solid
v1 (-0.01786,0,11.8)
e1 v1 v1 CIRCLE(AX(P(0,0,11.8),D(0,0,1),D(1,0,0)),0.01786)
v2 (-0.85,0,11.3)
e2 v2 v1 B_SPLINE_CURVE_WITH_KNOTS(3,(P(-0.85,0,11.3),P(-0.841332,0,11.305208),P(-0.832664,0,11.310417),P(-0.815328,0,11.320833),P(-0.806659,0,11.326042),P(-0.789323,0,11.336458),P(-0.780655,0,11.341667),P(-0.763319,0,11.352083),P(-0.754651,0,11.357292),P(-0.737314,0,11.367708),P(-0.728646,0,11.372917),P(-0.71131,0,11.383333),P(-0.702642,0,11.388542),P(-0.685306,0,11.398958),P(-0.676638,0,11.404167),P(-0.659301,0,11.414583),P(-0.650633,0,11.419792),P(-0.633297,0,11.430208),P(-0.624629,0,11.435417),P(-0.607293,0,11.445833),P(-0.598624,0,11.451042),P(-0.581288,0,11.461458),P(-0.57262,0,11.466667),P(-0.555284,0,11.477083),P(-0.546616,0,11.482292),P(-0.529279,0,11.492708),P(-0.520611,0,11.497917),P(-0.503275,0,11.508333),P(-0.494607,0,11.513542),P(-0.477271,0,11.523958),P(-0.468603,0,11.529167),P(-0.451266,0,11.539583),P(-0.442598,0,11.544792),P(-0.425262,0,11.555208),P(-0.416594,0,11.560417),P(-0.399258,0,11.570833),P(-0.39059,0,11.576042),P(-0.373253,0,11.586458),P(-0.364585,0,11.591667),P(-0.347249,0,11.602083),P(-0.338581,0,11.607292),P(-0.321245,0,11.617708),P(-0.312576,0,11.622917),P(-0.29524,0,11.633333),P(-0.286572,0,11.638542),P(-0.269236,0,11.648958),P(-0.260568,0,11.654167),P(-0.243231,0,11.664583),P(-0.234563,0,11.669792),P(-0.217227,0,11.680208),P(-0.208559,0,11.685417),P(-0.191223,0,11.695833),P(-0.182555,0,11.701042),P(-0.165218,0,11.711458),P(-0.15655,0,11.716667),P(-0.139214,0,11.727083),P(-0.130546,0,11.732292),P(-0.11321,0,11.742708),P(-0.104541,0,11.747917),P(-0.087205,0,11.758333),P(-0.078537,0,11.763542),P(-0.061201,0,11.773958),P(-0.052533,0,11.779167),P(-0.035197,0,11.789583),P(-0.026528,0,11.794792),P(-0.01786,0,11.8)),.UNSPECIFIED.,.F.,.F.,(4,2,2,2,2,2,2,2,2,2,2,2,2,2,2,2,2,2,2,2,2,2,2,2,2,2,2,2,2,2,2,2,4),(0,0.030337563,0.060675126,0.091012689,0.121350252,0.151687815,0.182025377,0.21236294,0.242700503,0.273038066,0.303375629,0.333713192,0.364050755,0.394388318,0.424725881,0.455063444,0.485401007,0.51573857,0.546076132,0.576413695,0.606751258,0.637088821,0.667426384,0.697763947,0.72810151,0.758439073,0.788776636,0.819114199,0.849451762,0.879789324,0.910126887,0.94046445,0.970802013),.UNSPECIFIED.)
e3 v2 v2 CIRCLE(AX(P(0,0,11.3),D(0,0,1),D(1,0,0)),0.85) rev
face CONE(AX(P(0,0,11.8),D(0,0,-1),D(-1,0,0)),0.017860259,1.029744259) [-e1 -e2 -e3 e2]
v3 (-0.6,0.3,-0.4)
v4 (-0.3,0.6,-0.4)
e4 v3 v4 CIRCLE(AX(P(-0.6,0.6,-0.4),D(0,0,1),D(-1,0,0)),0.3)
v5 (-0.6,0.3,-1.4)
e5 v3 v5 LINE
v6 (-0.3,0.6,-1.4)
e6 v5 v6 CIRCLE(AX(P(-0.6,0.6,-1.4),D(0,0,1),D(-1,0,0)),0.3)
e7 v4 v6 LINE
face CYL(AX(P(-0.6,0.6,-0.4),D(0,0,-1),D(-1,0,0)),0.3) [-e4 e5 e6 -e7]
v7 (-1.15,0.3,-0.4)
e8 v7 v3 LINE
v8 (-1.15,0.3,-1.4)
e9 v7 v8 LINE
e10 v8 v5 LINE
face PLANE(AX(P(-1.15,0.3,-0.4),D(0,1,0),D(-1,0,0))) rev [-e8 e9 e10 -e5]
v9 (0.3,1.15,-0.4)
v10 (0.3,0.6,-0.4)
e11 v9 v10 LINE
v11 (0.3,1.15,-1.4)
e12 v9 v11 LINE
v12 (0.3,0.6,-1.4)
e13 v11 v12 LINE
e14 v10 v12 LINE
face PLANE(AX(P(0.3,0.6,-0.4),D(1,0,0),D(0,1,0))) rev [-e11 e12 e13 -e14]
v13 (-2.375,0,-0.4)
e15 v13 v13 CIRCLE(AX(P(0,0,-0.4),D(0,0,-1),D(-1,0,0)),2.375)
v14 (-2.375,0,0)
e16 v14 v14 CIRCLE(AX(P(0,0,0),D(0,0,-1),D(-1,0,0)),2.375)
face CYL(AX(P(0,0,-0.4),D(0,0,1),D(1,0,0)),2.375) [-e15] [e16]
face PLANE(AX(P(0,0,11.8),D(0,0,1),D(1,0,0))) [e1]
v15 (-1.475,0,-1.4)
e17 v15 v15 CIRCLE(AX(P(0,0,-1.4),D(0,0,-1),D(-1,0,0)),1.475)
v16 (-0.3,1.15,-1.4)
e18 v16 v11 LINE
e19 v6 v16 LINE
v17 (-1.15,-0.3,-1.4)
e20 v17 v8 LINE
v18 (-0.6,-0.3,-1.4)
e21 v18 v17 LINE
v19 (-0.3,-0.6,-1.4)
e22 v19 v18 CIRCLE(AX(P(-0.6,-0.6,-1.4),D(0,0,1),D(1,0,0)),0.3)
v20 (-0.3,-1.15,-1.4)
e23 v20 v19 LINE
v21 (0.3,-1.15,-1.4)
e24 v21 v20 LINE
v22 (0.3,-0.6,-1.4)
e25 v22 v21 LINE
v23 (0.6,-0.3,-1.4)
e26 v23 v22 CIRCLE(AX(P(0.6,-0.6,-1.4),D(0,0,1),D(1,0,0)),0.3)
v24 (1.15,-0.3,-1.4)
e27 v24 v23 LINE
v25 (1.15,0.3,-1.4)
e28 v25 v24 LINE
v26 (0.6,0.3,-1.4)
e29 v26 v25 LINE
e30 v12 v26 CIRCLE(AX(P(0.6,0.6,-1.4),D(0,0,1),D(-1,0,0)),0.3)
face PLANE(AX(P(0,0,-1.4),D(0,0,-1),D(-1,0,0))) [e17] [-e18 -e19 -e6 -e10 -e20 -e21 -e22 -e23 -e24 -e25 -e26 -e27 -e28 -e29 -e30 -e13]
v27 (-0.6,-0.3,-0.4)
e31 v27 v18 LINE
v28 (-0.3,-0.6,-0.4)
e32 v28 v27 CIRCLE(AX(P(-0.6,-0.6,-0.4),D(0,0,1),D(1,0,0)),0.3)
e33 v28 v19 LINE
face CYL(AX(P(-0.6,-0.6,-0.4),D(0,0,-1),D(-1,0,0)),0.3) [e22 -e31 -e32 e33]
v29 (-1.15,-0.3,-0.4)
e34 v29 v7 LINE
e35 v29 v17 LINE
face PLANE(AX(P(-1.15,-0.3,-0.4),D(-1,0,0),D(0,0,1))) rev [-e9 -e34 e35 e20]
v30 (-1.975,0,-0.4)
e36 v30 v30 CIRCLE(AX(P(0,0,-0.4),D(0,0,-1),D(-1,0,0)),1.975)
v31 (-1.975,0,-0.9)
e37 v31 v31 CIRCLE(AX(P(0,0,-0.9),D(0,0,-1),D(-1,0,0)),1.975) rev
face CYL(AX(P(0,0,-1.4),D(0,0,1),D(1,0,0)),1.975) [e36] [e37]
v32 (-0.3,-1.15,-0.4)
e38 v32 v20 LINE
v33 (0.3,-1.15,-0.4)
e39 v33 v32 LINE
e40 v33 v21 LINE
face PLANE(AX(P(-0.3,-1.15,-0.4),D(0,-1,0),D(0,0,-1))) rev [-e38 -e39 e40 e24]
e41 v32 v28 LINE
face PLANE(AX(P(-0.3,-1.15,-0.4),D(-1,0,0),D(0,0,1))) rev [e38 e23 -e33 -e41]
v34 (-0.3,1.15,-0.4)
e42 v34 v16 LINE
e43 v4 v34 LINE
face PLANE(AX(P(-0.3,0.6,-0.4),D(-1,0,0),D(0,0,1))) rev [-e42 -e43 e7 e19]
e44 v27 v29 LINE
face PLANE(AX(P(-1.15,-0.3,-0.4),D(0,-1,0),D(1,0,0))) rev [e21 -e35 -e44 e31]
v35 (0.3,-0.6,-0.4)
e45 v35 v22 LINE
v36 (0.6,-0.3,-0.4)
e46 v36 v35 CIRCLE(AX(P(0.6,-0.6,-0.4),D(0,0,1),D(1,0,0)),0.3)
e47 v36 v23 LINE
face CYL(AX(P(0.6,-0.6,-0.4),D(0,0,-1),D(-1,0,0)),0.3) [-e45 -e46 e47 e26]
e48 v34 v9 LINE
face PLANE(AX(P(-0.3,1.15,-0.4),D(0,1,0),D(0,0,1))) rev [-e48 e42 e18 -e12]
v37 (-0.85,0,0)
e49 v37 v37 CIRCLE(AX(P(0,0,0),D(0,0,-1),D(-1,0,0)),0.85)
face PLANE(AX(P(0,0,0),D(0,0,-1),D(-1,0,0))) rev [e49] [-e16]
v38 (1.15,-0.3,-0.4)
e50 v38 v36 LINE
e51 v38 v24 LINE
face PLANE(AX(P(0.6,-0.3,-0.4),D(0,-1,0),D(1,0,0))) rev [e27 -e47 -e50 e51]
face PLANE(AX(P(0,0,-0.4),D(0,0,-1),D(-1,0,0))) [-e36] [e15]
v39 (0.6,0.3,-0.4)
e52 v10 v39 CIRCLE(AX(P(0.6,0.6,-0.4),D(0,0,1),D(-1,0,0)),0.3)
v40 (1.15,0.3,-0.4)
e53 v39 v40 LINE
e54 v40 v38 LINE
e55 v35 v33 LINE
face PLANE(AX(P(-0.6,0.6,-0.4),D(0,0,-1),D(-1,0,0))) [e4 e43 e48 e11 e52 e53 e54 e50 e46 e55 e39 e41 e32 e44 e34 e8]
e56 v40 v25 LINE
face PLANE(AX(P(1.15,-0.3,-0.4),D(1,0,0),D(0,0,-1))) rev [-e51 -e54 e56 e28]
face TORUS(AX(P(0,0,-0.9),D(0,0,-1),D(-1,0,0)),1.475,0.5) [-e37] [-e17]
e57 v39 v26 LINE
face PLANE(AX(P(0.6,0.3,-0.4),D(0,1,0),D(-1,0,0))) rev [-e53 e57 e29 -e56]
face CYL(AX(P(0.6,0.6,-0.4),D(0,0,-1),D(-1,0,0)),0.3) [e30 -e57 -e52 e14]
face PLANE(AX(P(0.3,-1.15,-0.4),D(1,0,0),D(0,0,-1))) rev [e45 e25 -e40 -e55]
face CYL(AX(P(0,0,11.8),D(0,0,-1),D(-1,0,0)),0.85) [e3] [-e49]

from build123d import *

# Parameters (mm, degrees)
ESBO_O1_R                = 0.85
RESSALTO_EXTRUS_O1_DEPTH = 11.8
CHANFRO1_SIZE            = 0.5
CHANFRO1_SIZE2           = 0.832139741
ESBO_O2_R                = 2.375
RESSALTO_EXTRUS_O2_DEPTH = 0.4
ESBO_O3_R                = 1.975
RESSALTO_EXTRUS_O3_DEPTH = 1
FILETE1_R                = 0.5
CORTE_EXTRUS_O1_DEPTH    = 1


with BuildPart() as part:
    # Esboço1 → Ressalto-extrusão1 (new body)
    with BuildSketch(Plane.XY):
        Circle(ESBO_O1_R)
    extrude(amount=RESSALTO_EXTRUS_O1_DEPTH)

    # Chanfro1
    chanfro1_edges = [part.edges().sort_by_distance(p)[0] for p in [
        (-0.85, 0, 11.8),
    ]]
    chanfro1_side = [part.faces().sort_by_distance(p)[0] for p in [
        (-0.85, 0, 5.9),
    ]]
    chamfer(chanfro1_edges, length=CHANFRO1_SIZE, length2=CHANFRO1_SIZE2, reference=chanfro1_side[0])

    # Esboço2 → Ressalto-extrusão2 (add)
    with BuildSketch(Plane(origin=(0, 0, 0), x_dir=(-1, 0, 0), z_dir=(0, 0, -1))):
        Circle(ESBO_O2_R)
    extrude(amount=RESSALTO_EXTRUS_O2_DEPTH)

    # Esboço3 → Ressalto-extrusão3 (add)
    with BuildSketch(Plane(origin=(0, 0, -0.4), x_dir=(-1, 0, 0), z_dir=(0, 0, -1))):
        Circle(ESBO_O3_R)
    extrude(amount=RESSALTO_EXTRUS_O3_DEPTH)

    # Filete1
    filete1_edges = [part.edges().sort_by_distance(p)[0] for p in [
        (1.975, 0, -1.4),
    ]]
    fillet(filete1_edges, radius=FILETE1_R)

    # Esboço4 → Corte-extrusão1 (cut)
    with BuildSketch(Plane(origin=(0, 0, -1.4), x_dir=(-1, 0, 0), z_dir=(0, 0, -1))):
        with BuildLine():
            Line((-0.6, 0.3), (-1.15, 0.3))
            Line((-1.15, 0.3), (-1.15, -0.3))
            Line((-1.15, -0.3), (-0.6, -0.3))
            ThreePointArc((-0.6, -0.3), (-0.387867966, -0.387867966), (-0.3, -0.6))
            Line((-0.3, -0.6), (-0.3, -1.15))
            Line((-0.3, -1.15), (0.3, -1.15))
            Line((0.3, -1.15), (0.3, -0.6))
            ThreePointArc((0.3, -0.6), (0.387867966, -0.387867966), (0.6, -0.3))
            Line((0.6, -0.3), (1.15, -0.3))
            Line((1.15, -0.3), (1.15, 0.3))
            Line((1.15, 0.3), (0.6, 0.3))
            ThreePointArc((0.6, 0.3), (0.387867966, 0.387867966), (0.3, 0.6))
            Line((0.3, 0.6), (0.3, 1.15))
            Line((0.3, 1.15), (-0.3, 1.15))
            Line((-0.3, 1.15), (-0.3, 0.6))
            ThreePointArc((-0.3, 0.6), (-0.387867966, 0.387867966), (-0.6, 0.3))
        make_face()
    extrude(amount=-CORTE_EXTRUS_O1_DEPTH, mode=Mode.SUBTRACT)


solid = part.part
